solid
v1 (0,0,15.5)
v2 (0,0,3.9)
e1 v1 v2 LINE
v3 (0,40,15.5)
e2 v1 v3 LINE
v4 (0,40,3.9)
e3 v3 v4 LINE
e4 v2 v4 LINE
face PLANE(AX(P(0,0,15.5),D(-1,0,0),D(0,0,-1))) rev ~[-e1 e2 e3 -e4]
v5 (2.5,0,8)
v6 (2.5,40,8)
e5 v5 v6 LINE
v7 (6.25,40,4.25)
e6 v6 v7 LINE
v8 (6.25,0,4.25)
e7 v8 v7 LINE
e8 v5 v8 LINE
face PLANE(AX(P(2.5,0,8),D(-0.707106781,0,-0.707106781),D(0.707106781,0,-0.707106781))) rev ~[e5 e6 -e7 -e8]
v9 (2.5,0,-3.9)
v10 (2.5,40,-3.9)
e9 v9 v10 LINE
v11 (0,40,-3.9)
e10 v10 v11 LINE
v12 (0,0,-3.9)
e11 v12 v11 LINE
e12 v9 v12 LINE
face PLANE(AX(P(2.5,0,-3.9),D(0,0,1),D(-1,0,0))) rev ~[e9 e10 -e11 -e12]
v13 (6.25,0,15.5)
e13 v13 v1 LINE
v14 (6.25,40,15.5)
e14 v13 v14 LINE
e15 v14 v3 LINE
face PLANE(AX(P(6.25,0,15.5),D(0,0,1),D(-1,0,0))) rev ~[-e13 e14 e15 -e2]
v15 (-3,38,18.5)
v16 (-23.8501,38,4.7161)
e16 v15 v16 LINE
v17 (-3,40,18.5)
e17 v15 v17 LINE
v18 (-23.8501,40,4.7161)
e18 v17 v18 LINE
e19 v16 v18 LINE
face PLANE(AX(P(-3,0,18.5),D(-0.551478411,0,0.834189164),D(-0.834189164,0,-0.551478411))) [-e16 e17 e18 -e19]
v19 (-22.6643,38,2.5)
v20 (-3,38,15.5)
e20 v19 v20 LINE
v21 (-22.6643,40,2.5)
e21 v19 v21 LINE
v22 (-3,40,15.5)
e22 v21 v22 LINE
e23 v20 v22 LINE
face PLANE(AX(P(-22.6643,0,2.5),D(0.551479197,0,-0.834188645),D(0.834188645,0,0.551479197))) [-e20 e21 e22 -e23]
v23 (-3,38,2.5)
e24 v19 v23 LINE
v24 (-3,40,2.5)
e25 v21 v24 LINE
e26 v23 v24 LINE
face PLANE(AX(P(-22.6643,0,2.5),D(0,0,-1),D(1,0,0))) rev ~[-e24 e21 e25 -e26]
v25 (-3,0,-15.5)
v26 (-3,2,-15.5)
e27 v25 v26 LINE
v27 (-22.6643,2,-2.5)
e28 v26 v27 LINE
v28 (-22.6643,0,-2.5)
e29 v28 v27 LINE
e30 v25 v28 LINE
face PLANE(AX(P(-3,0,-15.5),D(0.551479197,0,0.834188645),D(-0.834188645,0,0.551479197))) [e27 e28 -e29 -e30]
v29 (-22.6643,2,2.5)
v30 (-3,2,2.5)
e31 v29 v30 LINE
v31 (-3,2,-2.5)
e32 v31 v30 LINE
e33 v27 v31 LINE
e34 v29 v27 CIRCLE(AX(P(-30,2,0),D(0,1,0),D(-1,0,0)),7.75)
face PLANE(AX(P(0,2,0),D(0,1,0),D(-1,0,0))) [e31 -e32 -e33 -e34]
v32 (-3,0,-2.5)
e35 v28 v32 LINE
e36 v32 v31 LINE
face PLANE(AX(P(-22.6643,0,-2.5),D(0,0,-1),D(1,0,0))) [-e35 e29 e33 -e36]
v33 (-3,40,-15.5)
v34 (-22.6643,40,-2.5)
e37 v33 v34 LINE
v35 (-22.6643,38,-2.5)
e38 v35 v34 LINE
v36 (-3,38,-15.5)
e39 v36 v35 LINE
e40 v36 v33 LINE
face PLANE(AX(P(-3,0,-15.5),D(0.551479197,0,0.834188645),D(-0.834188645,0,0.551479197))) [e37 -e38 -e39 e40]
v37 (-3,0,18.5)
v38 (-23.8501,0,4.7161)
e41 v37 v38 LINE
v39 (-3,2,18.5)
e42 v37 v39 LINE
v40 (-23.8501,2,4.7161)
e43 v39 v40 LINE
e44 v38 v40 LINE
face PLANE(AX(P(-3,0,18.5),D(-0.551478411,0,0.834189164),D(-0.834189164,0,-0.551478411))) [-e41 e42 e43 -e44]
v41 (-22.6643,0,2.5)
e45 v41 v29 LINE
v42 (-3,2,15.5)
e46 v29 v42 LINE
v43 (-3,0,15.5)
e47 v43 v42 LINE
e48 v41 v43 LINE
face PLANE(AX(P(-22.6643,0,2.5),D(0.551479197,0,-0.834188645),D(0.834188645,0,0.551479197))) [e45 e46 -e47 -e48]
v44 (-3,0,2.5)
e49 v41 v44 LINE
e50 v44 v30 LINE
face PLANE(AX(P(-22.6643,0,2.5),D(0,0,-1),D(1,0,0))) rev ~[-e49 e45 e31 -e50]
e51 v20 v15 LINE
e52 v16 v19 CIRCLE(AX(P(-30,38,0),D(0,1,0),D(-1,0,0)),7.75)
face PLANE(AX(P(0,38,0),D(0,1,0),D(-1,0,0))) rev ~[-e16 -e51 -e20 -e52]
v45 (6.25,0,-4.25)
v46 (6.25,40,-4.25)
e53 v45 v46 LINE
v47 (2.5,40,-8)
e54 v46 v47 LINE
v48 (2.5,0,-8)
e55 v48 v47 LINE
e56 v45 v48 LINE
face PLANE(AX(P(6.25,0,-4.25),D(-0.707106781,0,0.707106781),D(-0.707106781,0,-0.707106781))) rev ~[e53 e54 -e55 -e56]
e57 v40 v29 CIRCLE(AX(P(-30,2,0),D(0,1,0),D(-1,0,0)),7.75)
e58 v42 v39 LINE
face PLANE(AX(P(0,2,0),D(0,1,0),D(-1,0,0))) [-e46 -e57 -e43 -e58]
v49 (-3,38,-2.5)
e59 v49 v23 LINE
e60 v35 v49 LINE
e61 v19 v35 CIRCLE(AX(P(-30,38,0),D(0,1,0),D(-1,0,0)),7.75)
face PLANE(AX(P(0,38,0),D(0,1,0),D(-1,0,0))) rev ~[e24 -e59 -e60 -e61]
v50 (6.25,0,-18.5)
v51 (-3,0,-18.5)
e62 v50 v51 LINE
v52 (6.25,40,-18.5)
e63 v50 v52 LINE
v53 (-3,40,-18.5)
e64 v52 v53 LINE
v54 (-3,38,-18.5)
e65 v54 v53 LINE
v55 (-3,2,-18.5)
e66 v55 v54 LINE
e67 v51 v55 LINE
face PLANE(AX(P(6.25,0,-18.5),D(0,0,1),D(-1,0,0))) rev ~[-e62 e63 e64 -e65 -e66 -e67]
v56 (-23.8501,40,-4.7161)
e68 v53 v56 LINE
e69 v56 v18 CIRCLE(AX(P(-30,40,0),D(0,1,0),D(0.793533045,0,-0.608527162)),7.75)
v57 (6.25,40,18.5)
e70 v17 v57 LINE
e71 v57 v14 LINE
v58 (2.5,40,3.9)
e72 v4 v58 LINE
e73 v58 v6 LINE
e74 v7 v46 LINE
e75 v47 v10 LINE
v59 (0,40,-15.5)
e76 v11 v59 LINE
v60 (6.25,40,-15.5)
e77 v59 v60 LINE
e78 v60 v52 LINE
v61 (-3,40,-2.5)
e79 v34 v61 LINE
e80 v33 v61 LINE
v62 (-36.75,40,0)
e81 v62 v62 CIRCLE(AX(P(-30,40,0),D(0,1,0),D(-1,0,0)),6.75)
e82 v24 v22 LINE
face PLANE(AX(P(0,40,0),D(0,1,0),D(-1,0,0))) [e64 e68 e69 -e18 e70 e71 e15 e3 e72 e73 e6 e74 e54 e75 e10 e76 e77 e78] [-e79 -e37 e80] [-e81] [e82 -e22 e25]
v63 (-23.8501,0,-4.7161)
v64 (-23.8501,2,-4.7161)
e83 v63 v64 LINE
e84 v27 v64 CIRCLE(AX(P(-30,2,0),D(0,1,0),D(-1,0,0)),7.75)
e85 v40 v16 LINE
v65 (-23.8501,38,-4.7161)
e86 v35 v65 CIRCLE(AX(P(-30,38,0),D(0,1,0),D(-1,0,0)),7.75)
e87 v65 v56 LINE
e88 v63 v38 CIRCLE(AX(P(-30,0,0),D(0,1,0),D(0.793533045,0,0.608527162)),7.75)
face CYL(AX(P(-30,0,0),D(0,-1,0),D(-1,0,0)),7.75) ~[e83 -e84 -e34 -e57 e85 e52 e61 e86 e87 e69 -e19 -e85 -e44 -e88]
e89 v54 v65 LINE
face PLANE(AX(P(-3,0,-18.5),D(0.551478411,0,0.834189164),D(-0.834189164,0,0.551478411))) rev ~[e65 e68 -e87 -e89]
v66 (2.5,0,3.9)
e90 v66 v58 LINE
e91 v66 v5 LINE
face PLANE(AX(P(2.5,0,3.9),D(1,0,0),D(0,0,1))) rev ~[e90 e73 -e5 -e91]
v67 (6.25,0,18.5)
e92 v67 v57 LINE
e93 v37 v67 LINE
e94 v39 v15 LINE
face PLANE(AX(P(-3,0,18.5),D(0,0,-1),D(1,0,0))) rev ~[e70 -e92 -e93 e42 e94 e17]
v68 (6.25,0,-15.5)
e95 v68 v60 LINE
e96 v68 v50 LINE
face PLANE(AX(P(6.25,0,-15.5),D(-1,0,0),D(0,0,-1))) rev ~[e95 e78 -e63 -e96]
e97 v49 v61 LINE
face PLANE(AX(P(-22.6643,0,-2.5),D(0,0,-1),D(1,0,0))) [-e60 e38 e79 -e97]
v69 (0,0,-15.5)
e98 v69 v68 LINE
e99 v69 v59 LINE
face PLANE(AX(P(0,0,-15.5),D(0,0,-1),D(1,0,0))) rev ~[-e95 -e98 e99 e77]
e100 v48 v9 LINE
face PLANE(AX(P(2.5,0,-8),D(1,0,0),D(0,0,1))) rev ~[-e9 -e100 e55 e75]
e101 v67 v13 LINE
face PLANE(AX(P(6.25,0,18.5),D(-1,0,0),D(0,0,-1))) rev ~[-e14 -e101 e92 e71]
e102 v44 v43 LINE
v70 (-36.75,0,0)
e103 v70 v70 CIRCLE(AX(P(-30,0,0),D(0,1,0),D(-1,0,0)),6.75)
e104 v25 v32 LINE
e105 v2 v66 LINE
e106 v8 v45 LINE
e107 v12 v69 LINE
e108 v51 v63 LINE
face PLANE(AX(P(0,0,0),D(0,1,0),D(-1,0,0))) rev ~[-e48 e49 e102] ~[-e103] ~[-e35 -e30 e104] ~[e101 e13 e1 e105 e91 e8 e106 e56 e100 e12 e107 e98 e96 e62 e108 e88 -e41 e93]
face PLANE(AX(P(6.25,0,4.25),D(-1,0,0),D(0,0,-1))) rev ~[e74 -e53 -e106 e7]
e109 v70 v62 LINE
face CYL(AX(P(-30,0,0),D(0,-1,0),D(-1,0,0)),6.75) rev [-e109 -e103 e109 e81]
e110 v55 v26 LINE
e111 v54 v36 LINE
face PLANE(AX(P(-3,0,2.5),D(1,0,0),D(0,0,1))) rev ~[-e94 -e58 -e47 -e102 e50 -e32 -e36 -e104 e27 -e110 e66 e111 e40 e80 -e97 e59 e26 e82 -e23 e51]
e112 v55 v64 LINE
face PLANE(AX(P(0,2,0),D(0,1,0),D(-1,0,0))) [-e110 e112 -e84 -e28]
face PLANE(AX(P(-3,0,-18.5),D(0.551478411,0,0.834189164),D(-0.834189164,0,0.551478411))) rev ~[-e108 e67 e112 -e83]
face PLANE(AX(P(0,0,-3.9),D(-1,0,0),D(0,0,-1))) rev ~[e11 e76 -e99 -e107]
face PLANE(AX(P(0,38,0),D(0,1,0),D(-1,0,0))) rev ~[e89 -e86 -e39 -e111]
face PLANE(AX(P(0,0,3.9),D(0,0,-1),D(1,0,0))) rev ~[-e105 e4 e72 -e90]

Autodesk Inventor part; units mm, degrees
ref_plane "YZ Plane" through (0, 0, 0) normal (1, 0, 0) x (0, 1, 0)
ref_plane "XZ Plane" through (0, 0, 0) normal (0, 1, 0) x (-1, 0, 0)
ref_plane "XY Plane" through (0, 0, 0) normal (0, 0, 1) x (1, 0, 0)
sketch "Szkic1" plane through (0, 0, 0) normal (0, 1, 0) x (-1, 0, 0)
  line L0 (3, 18.5) -> (-6.25, 18.5)
  line L1 (-6.25, 18.5) -> (-6.25, 15.5)
  line L2 (-6.25, 15.5) -> (0, 15.5)
  line L3 (0, 15.5) -> (0, -15.5)
  line L4 (0, -15.5) -> (-6.25, -15.5)
  line L5 (-6.25, -15.5) -> (-6.25, -18.5)
  line L6 (-6.25, -18.5) -> (3, -18.5)
  line L7 (3, -18.5) -> (3, 18.5)
  line L8 (3, 0) -> (0, 0) construction
  line L9 (0, 3.9) -> (-2.5, 3.9)
  line L10 (-2.5, 3.9) -> (-2.5, 8)
  line L11 (-2.5, 8) -> (-2.5, 8)
  line L12 (-2.5, 8) -> (-6.25, 4.25)
  line L13 (-6.25, 4.25) -> (-6.25, -4.25)
  line L14 (-6.25, -4.25) -> (-2.5, -8)
  line L15 (-2.5, -8) -> (-2.5, -8)
  line L16 (-2.5, -8) -> (-2.5, -3.9)
  line L17 (-2.5, -3.9) -> (0, -3.9)
  line L18 (-2.5, 3.9) -> (-2.5, -3.9) construction
  line L19 (-2.5, 0) -> (-6.25, 0) construction
  line L20 (3, 18.5) -> (3, 15.5)
  line L21 (3, -15.5) -> (3, -18.5)
  line L22 (3, -18.5) -> (3, 18.5)
  circle A0 centre (30, 0) radius 7.75
  circle A1 centre (30, 0) radius 6.75
  line L23 (3, 18.5) -> (23.8501, 4.7161)
  line L24 (22.6643, 2.5) -> (3, 15.5)
  line L25 (3, -15.5) -> (22.6643, -2.5)
  line L26 (3, -18.5) -> (23.8501, -4.7161)
  line L27 (22.6643, 2.5) -> (3, 2.5)
  line L28 (22.6643, -2.5) -> (3, -2.5)
  point P0 (0, 0)
  point P1 (1.5, -15)
  point P2 (1.5, 18)
  point P3 (1.5, 0)
  point P4 (3, 2.5)
  dimension "d1" = 7.8
  dimension "d3" = 16
  dimension "d4" = 2.5
  dimension "d6" = 3
  dimension "d7" = 3
  dimension "d11" = 8.5
  dimension "d12" = 6.25
  dimension "d26" = 31
  dimension "d42" = 13.5
  dimension "d43" = 15.5
  dimension "d44" = 30
  dimension "d45" = 5
extrude "Wyciągnięcie proste2" add sketch "Szkic1" along normal blind 40 contours L7 L6 L5 L4 L3 L2 L1 L0 | L23 A0 L24 L7 | A0 | L27 A0 L28 L7 | A0 L26 L7 L25 | L3 L17 L16 L14 L13 L12 L10 L9
extrude "Wyciągnięcie proste7" cut sketch "Szkic1" along normal blind 38 contours L23 A0 L24 L7 | L27 A0 L28 L7 | A0 L26 L7 L25
extrude "Wyciągnięcie proste8" add sketch "Szkic1" along normal blind 2 contours L23 A0 L24 L7 | L27 A0 L28 L7 | A0 L26 L7 L25
properties part number "laser-solo"
